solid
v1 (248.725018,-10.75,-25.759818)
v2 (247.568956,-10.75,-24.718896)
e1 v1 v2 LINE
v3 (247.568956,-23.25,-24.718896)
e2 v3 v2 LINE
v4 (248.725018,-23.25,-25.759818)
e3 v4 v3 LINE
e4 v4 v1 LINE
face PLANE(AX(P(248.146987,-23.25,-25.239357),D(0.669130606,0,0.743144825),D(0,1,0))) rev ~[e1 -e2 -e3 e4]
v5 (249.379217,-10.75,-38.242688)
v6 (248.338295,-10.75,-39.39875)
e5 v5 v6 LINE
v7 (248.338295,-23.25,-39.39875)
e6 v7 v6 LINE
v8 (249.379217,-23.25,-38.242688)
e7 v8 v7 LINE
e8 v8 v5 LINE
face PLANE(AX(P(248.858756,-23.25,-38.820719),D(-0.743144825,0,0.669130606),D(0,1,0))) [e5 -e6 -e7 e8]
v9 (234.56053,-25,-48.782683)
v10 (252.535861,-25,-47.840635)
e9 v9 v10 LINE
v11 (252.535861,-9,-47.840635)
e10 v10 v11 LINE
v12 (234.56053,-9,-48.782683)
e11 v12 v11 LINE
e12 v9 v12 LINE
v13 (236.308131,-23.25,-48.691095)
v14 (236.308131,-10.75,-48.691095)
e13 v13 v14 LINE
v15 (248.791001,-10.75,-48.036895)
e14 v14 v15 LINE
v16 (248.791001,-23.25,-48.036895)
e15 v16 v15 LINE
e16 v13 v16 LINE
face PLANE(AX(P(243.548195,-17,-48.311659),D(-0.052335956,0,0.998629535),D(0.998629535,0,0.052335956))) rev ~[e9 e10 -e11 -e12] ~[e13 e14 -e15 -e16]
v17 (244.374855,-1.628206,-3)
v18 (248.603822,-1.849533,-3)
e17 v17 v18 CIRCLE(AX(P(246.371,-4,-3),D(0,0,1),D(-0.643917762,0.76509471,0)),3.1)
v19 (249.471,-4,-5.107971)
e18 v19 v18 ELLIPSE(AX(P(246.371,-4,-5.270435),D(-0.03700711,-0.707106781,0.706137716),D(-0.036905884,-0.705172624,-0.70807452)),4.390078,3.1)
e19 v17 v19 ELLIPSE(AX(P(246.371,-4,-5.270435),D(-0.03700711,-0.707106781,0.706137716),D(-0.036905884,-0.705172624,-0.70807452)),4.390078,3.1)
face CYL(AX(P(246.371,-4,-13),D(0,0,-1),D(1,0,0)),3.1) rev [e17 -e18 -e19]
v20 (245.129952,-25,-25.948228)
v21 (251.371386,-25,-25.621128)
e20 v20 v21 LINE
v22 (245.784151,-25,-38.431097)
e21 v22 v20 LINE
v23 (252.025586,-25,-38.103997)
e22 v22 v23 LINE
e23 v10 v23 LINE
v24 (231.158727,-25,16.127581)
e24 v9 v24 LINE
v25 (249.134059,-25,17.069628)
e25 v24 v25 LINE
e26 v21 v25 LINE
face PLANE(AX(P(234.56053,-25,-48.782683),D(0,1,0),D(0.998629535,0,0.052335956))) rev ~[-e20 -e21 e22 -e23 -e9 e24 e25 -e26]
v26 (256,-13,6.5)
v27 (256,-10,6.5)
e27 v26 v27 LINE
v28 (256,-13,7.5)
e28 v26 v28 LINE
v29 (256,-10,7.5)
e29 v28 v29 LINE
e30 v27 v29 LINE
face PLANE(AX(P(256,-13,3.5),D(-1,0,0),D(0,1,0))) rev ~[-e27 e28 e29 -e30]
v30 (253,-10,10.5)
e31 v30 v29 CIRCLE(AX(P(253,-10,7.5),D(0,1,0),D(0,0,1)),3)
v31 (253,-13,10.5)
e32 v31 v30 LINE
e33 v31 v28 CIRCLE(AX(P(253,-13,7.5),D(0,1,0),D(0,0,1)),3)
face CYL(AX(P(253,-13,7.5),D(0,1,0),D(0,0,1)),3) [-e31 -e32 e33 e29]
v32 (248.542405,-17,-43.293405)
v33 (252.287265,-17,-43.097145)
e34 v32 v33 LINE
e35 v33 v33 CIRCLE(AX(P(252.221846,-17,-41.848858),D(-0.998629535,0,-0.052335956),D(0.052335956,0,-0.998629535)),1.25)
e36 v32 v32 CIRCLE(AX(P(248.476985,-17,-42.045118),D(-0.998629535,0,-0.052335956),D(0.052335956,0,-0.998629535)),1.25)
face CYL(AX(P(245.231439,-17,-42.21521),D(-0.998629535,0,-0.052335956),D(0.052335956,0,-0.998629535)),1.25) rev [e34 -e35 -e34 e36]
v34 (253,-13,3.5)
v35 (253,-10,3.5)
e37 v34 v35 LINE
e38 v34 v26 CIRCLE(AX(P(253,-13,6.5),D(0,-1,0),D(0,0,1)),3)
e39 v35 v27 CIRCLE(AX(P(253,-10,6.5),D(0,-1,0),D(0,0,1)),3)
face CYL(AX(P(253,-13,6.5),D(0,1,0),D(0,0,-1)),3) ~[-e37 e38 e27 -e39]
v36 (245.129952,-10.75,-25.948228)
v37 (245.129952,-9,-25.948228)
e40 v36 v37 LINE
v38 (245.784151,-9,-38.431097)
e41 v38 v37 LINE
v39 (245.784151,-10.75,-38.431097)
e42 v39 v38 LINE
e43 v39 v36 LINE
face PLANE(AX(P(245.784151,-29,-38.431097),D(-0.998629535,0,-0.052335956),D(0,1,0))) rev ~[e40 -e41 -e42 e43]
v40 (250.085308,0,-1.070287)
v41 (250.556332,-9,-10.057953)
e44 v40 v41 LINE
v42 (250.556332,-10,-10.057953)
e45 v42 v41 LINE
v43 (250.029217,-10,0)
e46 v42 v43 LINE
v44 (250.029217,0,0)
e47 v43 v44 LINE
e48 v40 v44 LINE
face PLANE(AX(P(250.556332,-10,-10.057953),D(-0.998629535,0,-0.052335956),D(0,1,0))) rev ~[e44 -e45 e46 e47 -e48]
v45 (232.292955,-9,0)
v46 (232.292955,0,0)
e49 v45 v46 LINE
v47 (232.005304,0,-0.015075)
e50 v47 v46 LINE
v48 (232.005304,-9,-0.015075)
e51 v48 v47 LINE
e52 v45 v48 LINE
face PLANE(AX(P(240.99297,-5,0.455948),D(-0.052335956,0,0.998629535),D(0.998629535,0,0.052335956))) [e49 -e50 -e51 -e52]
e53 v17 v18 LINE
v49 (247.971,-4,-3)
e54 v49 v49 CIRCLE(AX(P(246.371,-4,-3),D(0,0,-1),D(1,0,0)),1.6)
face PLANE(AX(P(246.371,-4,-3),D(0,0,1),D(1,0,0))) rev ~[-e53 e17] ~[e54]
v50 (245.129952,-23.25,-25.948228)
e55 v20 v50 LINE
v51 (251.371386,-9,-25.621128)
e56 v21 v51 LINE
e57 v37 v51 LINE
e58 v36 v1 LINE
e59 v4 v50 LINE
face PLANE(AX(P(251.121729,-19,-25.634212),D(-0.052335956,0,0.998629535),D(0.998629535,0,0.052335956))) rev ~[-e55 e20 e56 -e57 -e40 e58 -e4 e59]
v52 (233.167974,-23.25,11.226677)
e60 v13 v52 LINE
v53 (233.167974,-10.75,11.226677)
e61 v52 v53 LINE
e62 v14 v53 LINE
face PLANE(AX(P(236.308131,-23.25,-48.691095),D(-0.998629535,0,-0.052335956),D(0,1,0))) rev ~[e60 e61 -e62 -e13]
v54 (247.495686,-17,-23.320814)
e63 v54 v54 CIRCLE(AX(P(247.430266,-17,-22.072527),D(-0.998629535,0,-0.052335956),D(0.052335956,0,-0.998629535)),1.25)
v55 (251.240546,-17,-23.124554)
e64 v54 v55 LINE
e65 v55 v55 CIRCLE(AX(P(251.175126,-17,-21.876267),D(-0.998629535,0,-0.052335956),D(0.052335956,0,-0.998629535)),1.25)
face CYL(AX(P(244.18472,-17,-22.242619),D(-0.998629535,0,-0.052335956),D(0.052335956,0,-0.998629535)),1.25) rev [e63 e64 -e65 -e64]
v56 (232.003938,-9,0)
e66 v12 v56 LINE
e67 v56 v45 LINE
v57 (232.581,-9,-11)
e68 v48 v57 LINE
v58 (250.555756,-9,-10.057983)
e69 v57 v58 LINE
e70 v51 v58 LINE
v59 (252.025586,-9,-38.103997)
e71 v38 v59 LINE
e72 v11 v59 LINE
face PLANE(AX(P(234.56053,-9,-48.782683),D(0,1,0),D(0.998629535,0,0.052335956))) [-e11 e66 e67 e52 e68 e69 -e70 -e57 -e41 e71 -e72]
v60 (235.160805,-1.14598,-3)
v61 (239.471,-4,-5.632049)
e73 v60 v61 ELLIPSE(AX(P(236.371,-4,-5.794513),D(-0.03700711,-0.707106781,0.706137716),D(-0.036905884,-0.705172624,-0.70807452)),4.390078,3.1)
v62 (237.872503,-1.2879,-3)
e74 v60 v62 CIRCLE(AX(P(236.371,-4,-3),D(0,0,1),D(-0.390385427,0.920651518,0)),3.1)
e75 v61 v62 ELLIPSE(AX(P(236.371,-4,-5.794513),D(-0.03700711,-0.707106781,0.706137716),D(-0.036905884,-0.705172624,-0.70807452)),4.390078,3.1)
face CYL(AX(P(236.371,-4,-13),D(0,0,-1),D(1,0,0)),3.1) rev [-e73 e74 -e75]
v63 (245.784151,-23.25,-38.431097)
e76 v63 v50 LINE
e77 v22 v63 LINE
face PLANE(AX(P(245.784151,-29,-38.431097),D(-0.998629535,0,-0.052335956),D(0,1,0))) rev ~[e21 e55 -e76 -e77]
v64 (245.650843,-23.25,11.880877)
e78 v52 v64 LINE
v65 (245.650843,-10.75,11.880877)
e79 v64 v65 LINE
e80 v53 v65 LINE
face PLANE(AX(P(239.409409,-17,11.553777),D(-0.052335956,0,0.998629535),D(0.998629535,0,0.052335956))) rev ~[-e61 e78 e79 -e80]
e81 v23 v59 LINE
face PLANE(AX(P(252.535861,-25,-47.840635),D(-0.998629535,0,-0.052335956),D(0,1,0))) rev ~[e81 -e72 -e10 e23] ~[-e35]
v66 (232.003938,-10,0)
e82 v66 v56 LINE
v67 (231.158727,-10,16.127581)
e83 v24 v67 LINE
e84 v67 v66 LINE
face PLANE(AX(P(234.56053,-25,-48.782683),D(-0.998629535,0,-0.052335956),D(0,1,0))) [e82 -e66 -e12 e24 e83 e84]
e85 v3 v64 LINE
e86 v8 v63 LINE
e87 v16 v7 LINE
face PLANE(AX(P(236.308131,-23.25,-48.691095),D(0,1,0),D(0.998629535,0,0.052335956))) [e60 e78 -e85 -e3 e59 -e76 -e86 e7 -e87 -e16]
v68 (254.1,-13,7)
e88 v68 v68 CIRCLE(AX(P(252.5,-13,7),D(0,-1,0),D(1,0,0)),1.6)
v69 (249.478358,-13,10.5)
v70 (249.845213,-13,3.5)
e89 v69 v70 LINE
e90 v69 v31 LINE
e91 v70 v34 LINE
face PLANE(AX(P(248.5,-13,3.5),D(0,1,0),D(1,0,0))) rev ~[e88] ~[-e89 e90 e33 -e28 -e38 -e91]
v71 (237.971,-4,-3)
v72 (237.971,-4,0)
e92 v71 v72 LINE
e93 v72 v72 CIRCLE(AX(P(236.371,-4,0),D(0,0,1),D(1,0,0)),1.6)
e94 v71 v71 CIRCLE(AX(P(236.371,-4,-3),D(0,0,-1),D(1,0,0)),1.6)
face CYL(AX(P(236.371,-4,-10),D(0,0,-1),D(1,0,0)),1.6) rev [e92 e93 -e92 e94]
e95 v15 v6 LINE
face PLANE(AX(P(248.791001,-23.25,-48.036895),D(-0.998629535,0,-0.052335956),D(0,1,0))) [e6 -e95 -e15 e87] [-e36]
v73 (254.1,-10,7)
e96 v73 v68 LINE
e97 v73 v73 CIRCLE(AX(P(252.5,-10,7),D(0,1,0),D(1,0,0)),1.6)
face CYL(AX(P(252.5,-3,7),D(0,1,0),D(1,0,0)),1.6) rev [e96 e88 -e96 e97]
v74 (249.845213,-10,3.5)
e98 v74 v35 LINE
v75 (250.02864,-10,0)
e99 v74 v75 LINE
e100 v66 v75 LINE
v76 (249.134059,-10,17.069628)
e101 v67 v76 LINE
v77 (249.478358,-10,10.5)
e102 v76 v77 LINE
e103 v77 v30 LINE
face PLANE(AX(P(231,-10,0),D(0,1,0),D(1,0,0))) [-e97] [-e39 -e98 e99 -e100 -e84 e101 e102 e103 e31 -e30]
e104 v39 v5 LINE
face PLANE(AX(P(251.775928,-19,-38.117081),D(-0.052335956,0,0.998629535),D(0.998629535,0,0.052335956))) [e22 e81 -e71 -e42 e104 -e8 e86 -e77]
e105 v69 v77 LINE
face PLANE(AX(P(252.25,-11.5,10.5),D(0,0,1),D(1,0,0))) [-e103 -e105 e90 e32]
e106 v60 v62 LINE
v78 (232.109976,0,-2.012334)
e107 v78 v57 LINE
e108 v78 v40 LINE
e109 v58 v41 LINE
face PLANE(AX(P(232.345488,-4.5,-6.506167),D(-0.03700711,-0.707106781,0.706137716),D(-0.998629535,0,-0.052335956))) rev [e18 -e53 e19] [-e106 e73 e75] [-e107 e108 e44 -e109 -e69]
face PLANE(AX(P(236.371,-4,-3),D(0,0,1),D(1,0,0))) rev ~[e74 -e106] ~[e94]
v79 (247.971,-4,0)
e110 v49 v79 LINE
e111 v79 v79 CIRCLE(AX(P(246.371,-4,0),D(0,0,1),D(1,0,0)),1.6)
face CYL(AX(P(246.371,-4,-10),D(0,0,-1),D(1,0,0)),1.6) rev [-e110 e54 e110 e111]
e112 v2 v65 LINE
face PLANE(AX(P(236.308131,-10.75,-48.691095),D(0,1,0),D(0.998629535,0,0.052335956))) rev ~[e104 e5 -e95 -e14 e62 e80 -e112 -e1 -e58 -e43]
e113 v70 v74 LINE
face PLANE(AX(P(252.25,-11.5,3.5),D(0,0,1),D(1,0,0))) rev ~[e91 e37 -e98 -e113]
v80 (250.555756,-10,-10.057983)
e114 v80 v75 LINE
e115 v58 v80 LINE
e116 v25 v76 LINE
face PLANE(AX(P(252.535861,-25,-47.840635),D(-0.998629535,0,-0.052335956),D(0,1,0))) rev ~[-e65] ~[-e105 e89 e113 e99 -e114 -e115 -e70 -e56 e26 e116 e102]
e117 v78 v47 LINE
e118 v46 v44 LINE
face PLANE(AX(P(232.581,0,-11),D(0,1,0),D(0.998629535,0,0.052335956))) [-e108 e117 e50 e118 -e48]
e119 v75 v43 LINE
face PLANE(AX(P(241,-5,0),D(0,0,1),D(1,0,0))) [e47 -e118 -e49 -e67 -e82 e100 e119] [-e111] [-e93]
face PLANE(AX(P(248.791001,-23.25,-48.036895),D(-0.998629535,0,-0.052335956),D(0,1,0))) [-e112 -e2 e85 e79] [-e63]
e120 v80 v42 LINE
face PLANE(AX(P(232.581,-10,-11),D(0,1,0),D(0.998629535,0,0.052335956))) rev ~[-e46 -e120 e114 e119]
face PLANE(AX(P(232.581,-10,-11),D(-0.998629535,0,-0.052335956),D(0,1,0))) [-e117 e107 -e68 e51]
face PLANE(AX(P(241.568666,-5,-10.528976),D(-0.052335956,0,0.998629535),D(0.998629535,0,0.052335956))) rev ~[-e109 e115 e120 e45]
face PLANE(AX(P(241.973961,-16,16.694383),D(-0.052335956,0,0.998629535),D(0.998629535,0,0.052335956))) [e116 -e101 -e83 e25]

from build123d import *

# Parameters (mm, degrees)
BOX190_W                   = 38
BOX190_H                   = 20
BOX190_DEPTH               = 12.5
BOX190_PLACEMENT_ANGLE     = 3
BOX180_W                   = 20
BOX180_H                   = 10
BOX180_DEPTH               = 18
CYLINDER195_R              = 1.25
CYLINDER195_DEPTH          = 10
CYLINDER194_R              = 1.25
CYLINDER194_DEPTH          = 10
BOX106_W                   = 12
BOX106_H                   = 20
BOX106_DEPTH               = 12.5
BOX105_W                   = 12.5
BOX105_H                   = 12.5
BOX105_DEPTH               = 60
BOX104_W                   = 18
BOX104_H                   = 16
BOX104_DEPTH               = 65
CHAMFER014_SIZE            = 1.1
CHAMFER014_PLACEMENT_ANGLE = 3
CYLINDER246_R              = 1.6
CYLINDER246_DEPTH          = 10
BOX189_W                   = 7.5
BOX189_H                   = 3
BOX189_DEPTH               = 7
FILLET071_R                = 3
CYLINDER244_R              = 1.6
CYLINDER244_DEPTH          = 10
CYLINDER245_R              = 3.1
CYLINDER245_DEPTH          = 10
CYLINDER247_R              = 3.1
CYLINDER247_DEPTH          = 10
CYLINDER248_R              = 1.6
CYLINDER248_DEPTH          = 10
BOX188_W                   = 50
BOX188_H                   = 10
BOX188_DEPTH               = 11
BOX187_W                   = 18
BOX187_H                   = 10
BOX187_DEPTH               = 11
BOX187_PLACEMENT_ANGLE     = 3
CHAMFER016_SIZE            = 9


with BuildPart() as cube277:
    # Box190 → Box190 (new body)
    with BuildSketch(Plane.XY):
        with Locations((19, 10)):
            Rectangle(BOX190_W, BOX190_H)
    extrude(amount=BOX190_DEPTH)


with BuildPart() as cube277_1:
    # Box190 placement: moved
    add(cube277.part.moved(Location((223, -16, 15.7))).rotate(Axis((223, -16, 15.7), (0, -1, 0)), BOX190_PLACEMENT_ANGLE))


with BuildPart() as cube267:
    # Box180 → Box180 (new body)
    with BuildSketch(Plane(origin=(231, 0, -7), x_dir=(1, 0, 0), z_dir=(0, 0, 1))):
        with Locations((10, 5)):
            Rectangle(BOX180_W, BOX180_H)
    extrude(amount=BOX180_DEPTH)


with BuildPart() as cylinder482:
    # Cylinder195 → Cylinder195 (new body)
    with BuildSketch(Plane(origin=(323, 0, -39), x_dir=(0, 0, -1), z_dir=(1, 0, 0))):
        Circle(CYLINDER195_R)
    extrude(amount=CYLINDER195_DEPTH)


with BuildPart() as fusion167:
    # Cylinder194 → Cylinder194 (new body)
    with BuildSketch(Plane(origin=(323, 0, -59), x_dir=(0, 0, -1), z_dir=(1, 0, 0))):
        Circle(CYLINDER194_R)
    extrude(amount=CYLINDER194_DEPTH)

    # Fusion167: union Cylinder482
    add(cylinder482.part)


with BuildPart() as fusion167_1:
    # Fusion167 placement: moved
    add(fusion167.part.moved(Location((40, 2, 0))))


with BuildPart() as cube174:
    # Box106 → Box106 (new body)
    with BuildSketch(Plane(origin=(363.75, -10, -55.25), x_dir=(1, 0, 0), z_dir=(0, 0, 1))):
        with Locations((6, 10)):
            Rectangle(BOX106_W, BOX106_H)
    extrude(amount=BOX106_DEPTH)


with BuildPart() as cube173:
    # Box105 → Box105 (new body)
    with BuildSketch(Plane(origin=(353.75, -4.25, -65), x_dir=(1, 0, 0), z_dir=(0, 0, 1))):
        with Locations((6.25, 6.25)):
            Rectangle(BOX105_W, BOX105_H)
    extrude(amount=BOX105_DEPTH)


with BuildPart() as cut190:
    # Box104 → Box104 (new body)
    with BuildSketch(Plane(origin=(352, -6, -65), x_dir=(1, 0, 0), z_dir=(0, 0, 1))):
        with Locations((9, 8)):
            Rectangle(BOX104_W, BOX104_H)
    extrude(amount=BOX104_DEPTH)

    # Cut125: cut Cube173
    add(cube173.part, mode=Mode.SUBTRACT)

    # Cut124: cut Cube174
    add(cube174.part, mode=Mode.SUBTRACT)

    # Cut187: cut Fusion167
    add(fusion167_1.part, mode=Mode.SUBTRACT)


with BuildPart() as cut190_1:
    # Cut187 placement: moved
    add(cut190.part.moved(Location((-120, -9, 10))))

    # Chamfer014
    chamfer014_edges = [cut190_1.edges().sort_by_distance(p)[0] for p in [
        (246.25, -7, -45.25),
        (246.25, -7, -32.75),
    ]]
    chamfer(chamfer014_edges, length=CHAMFER014_SIZE)


with BuildPart() as cut190_2:
    # Chamfer014 placement: moved
    add(cut190_1.part.moved(Location((0, 0, -13))).rotate(Axis((0, 0, -13), (0, -1, 0)), CHAMFER014_PLACEMENT_ANGLE))

    # Cut190: cut Cube267
    add(cube267.part, mode=Mode.SUBTRACT)


with BuildPart() as cut190_3:
    # Cut190 placement: moved
    add(cut190_2.part.moved(Location((0, 0, 7))))


with BuildPart() as cylinder530:
    # Cylinder246 → Cylinder246 (new body)
    with BuildSketch(Plane(origin=(253, 7, 6.5), x_dir=(1, 0, 0), z_dir=(0, -1, 0))):
        Circle(CYLINDER246_R)
    extrude(amount=CYLINDER246_DEPTH)


with BuildPart() as fillet071:
    # Box189 → Box189 (new body)
    with BuildSketch(Plane(origin=(249, -3, 3), x_dir=(1, 0, 0), z_dir=(0, 0, 1))):
        with Locations((3.75, 1.5)):
            Rectangle(BOX189_W, BOX189_H)
    extrude(amount=BOX189_DEPTH)

    # Cut196: cut Cylinder530
    add(cylinder530.part, mode=Mode.SUBTRACT)

    # Fillet071
    fillet071_edges = [fillet071.edges().sort_by_distance(p)[0] for p in [
        (256.5, -1.5, 10),
        (256.5, -1.5, 3),
    ]]
    fillet(fillet071_edges, radius=FILLET071_R)


with BuildPart() as fillet071_1:
    # Fillet071 placement: moved
    add(fillet071.part.moved(Location((-0.5, 0, 0.5))))


with BuildPart() as cylinder528:
    # Cylinder244 → Cylinder244 (new body)
    with BuildSketch(Plane(origin=(246, 6, -9), x_dir=(1, 0, 0), z_dir=(0, 0, 1))):
        Circle(CYLINDER244_R)
    extrude(amount=CYLINDER244_DEPTH)


with BuildPart() as cylinder529:
    # Cylinder245 → Cylinder245 (new body)
    with BuildSketch(Plane(origin=(246, 6, -12), x_dir=(1, 0, 0), z_dir=(0, 0, 1))):
        Circle(CYLINDER245_R)
    extrude(amount=CYLINDER245_DEPTH)


with BuildPart() as cylinder531:
    # Cylinder247 → Cylinder247 (new body)
    with BuildSketch(Plane(origin=(236, 6, -12), x_dir=(1, 0, 0), z_dir=(0, 0, 1))):
        Circle(CYLINDER247_R)
    extrude(amount=CYLINDER247_DEPTH)


with BuildPart() as fusion209:
    # Cylinder248 → Cylinder248 (new body)
    with BuildSketch(Plane(origin=(236, 6, -9), x_dir=(1, 0, 0), z_dir=(0, 0, 1))):
        Circle(CYLINDER248_R)
    extrude(amount=CYLINDER248_DEPTH)

    # Fusion209: union Cylinder528, Cylinder529, Cylinder531
    add(cylinder528.part)
    add(cylinder529.part)
    add(cylinder531.part)


with BuildPart() as fusion209_1:
    # Fusion209 placement: moved
    add(fusion209.part.moved(Location((0, 0, -1))))


with BuildPart() as cube275:
    # Box188 → Box188 (new body)
    with BuildSketch(Plane(origin=(231, 0, 0), x_dir=(1, 0, 0), z_dir=(0, 0, 1))):
        with Locations((25, 5)):
            Rectangle(BOX188_W, BOX188_H)
    extrude(amount=BOX188_DEPTH)


with BuildPart() as supports_left_frame:
    # Box187 → Box187 (new body)
    with BuildSketch(Plane.XY):
        with Locations((9, 5)):
            Rectangle(BOX187_W, BOX187_H)
    extrude(amount=BOX187_DEPTH)


with BuildPart() as supports_left_frame_1:
    # Box187 placement: moved
    add(supports_left_frame.part.moved(Location((232.21, 0, -11))).rotate(Axis((232.21, 0, -11), (0, -1, 0)), BOX187_PLACEMENT_ANGLE))

    # Cut194: cut Cube275
    add(cube275.part, mode=Mode.SUBTRACT)

    # Chamfer016
    chamfer016_edges = [supports_left_frame_1.edges().sort_by_distance(p)[0] for p in [
        (241.197666, 10, -10.528976),
    ]]
    chamfer(chamfer016_edges, length=CHAMFER016_SIZE)

    # Cut195: cut Fusion209
    add(fusion209_1.part, mode=Mode.SUBTRACT)


with BuildPart() as supports_left_frame_2:
    # Cut195 placement: moved
    add(supports_left_frame_1.part.moved(Location((0.371, 0, 0))))

    # Fusion213: union Cut190, Fillet071
    add(cut190_3.part)
    add(fillet071_1.part)

    # Cut197: cut Cube277
    add(cube277_1.part, mode=Mode.SUBTRACT)


with BuildPart() as supports_left_frame_3:
    # Cut197 placement: moved
    add(supports_left_frame_2.part.moved(Location((0, -10, 0))))


solid = supports_left_frame_3.part
